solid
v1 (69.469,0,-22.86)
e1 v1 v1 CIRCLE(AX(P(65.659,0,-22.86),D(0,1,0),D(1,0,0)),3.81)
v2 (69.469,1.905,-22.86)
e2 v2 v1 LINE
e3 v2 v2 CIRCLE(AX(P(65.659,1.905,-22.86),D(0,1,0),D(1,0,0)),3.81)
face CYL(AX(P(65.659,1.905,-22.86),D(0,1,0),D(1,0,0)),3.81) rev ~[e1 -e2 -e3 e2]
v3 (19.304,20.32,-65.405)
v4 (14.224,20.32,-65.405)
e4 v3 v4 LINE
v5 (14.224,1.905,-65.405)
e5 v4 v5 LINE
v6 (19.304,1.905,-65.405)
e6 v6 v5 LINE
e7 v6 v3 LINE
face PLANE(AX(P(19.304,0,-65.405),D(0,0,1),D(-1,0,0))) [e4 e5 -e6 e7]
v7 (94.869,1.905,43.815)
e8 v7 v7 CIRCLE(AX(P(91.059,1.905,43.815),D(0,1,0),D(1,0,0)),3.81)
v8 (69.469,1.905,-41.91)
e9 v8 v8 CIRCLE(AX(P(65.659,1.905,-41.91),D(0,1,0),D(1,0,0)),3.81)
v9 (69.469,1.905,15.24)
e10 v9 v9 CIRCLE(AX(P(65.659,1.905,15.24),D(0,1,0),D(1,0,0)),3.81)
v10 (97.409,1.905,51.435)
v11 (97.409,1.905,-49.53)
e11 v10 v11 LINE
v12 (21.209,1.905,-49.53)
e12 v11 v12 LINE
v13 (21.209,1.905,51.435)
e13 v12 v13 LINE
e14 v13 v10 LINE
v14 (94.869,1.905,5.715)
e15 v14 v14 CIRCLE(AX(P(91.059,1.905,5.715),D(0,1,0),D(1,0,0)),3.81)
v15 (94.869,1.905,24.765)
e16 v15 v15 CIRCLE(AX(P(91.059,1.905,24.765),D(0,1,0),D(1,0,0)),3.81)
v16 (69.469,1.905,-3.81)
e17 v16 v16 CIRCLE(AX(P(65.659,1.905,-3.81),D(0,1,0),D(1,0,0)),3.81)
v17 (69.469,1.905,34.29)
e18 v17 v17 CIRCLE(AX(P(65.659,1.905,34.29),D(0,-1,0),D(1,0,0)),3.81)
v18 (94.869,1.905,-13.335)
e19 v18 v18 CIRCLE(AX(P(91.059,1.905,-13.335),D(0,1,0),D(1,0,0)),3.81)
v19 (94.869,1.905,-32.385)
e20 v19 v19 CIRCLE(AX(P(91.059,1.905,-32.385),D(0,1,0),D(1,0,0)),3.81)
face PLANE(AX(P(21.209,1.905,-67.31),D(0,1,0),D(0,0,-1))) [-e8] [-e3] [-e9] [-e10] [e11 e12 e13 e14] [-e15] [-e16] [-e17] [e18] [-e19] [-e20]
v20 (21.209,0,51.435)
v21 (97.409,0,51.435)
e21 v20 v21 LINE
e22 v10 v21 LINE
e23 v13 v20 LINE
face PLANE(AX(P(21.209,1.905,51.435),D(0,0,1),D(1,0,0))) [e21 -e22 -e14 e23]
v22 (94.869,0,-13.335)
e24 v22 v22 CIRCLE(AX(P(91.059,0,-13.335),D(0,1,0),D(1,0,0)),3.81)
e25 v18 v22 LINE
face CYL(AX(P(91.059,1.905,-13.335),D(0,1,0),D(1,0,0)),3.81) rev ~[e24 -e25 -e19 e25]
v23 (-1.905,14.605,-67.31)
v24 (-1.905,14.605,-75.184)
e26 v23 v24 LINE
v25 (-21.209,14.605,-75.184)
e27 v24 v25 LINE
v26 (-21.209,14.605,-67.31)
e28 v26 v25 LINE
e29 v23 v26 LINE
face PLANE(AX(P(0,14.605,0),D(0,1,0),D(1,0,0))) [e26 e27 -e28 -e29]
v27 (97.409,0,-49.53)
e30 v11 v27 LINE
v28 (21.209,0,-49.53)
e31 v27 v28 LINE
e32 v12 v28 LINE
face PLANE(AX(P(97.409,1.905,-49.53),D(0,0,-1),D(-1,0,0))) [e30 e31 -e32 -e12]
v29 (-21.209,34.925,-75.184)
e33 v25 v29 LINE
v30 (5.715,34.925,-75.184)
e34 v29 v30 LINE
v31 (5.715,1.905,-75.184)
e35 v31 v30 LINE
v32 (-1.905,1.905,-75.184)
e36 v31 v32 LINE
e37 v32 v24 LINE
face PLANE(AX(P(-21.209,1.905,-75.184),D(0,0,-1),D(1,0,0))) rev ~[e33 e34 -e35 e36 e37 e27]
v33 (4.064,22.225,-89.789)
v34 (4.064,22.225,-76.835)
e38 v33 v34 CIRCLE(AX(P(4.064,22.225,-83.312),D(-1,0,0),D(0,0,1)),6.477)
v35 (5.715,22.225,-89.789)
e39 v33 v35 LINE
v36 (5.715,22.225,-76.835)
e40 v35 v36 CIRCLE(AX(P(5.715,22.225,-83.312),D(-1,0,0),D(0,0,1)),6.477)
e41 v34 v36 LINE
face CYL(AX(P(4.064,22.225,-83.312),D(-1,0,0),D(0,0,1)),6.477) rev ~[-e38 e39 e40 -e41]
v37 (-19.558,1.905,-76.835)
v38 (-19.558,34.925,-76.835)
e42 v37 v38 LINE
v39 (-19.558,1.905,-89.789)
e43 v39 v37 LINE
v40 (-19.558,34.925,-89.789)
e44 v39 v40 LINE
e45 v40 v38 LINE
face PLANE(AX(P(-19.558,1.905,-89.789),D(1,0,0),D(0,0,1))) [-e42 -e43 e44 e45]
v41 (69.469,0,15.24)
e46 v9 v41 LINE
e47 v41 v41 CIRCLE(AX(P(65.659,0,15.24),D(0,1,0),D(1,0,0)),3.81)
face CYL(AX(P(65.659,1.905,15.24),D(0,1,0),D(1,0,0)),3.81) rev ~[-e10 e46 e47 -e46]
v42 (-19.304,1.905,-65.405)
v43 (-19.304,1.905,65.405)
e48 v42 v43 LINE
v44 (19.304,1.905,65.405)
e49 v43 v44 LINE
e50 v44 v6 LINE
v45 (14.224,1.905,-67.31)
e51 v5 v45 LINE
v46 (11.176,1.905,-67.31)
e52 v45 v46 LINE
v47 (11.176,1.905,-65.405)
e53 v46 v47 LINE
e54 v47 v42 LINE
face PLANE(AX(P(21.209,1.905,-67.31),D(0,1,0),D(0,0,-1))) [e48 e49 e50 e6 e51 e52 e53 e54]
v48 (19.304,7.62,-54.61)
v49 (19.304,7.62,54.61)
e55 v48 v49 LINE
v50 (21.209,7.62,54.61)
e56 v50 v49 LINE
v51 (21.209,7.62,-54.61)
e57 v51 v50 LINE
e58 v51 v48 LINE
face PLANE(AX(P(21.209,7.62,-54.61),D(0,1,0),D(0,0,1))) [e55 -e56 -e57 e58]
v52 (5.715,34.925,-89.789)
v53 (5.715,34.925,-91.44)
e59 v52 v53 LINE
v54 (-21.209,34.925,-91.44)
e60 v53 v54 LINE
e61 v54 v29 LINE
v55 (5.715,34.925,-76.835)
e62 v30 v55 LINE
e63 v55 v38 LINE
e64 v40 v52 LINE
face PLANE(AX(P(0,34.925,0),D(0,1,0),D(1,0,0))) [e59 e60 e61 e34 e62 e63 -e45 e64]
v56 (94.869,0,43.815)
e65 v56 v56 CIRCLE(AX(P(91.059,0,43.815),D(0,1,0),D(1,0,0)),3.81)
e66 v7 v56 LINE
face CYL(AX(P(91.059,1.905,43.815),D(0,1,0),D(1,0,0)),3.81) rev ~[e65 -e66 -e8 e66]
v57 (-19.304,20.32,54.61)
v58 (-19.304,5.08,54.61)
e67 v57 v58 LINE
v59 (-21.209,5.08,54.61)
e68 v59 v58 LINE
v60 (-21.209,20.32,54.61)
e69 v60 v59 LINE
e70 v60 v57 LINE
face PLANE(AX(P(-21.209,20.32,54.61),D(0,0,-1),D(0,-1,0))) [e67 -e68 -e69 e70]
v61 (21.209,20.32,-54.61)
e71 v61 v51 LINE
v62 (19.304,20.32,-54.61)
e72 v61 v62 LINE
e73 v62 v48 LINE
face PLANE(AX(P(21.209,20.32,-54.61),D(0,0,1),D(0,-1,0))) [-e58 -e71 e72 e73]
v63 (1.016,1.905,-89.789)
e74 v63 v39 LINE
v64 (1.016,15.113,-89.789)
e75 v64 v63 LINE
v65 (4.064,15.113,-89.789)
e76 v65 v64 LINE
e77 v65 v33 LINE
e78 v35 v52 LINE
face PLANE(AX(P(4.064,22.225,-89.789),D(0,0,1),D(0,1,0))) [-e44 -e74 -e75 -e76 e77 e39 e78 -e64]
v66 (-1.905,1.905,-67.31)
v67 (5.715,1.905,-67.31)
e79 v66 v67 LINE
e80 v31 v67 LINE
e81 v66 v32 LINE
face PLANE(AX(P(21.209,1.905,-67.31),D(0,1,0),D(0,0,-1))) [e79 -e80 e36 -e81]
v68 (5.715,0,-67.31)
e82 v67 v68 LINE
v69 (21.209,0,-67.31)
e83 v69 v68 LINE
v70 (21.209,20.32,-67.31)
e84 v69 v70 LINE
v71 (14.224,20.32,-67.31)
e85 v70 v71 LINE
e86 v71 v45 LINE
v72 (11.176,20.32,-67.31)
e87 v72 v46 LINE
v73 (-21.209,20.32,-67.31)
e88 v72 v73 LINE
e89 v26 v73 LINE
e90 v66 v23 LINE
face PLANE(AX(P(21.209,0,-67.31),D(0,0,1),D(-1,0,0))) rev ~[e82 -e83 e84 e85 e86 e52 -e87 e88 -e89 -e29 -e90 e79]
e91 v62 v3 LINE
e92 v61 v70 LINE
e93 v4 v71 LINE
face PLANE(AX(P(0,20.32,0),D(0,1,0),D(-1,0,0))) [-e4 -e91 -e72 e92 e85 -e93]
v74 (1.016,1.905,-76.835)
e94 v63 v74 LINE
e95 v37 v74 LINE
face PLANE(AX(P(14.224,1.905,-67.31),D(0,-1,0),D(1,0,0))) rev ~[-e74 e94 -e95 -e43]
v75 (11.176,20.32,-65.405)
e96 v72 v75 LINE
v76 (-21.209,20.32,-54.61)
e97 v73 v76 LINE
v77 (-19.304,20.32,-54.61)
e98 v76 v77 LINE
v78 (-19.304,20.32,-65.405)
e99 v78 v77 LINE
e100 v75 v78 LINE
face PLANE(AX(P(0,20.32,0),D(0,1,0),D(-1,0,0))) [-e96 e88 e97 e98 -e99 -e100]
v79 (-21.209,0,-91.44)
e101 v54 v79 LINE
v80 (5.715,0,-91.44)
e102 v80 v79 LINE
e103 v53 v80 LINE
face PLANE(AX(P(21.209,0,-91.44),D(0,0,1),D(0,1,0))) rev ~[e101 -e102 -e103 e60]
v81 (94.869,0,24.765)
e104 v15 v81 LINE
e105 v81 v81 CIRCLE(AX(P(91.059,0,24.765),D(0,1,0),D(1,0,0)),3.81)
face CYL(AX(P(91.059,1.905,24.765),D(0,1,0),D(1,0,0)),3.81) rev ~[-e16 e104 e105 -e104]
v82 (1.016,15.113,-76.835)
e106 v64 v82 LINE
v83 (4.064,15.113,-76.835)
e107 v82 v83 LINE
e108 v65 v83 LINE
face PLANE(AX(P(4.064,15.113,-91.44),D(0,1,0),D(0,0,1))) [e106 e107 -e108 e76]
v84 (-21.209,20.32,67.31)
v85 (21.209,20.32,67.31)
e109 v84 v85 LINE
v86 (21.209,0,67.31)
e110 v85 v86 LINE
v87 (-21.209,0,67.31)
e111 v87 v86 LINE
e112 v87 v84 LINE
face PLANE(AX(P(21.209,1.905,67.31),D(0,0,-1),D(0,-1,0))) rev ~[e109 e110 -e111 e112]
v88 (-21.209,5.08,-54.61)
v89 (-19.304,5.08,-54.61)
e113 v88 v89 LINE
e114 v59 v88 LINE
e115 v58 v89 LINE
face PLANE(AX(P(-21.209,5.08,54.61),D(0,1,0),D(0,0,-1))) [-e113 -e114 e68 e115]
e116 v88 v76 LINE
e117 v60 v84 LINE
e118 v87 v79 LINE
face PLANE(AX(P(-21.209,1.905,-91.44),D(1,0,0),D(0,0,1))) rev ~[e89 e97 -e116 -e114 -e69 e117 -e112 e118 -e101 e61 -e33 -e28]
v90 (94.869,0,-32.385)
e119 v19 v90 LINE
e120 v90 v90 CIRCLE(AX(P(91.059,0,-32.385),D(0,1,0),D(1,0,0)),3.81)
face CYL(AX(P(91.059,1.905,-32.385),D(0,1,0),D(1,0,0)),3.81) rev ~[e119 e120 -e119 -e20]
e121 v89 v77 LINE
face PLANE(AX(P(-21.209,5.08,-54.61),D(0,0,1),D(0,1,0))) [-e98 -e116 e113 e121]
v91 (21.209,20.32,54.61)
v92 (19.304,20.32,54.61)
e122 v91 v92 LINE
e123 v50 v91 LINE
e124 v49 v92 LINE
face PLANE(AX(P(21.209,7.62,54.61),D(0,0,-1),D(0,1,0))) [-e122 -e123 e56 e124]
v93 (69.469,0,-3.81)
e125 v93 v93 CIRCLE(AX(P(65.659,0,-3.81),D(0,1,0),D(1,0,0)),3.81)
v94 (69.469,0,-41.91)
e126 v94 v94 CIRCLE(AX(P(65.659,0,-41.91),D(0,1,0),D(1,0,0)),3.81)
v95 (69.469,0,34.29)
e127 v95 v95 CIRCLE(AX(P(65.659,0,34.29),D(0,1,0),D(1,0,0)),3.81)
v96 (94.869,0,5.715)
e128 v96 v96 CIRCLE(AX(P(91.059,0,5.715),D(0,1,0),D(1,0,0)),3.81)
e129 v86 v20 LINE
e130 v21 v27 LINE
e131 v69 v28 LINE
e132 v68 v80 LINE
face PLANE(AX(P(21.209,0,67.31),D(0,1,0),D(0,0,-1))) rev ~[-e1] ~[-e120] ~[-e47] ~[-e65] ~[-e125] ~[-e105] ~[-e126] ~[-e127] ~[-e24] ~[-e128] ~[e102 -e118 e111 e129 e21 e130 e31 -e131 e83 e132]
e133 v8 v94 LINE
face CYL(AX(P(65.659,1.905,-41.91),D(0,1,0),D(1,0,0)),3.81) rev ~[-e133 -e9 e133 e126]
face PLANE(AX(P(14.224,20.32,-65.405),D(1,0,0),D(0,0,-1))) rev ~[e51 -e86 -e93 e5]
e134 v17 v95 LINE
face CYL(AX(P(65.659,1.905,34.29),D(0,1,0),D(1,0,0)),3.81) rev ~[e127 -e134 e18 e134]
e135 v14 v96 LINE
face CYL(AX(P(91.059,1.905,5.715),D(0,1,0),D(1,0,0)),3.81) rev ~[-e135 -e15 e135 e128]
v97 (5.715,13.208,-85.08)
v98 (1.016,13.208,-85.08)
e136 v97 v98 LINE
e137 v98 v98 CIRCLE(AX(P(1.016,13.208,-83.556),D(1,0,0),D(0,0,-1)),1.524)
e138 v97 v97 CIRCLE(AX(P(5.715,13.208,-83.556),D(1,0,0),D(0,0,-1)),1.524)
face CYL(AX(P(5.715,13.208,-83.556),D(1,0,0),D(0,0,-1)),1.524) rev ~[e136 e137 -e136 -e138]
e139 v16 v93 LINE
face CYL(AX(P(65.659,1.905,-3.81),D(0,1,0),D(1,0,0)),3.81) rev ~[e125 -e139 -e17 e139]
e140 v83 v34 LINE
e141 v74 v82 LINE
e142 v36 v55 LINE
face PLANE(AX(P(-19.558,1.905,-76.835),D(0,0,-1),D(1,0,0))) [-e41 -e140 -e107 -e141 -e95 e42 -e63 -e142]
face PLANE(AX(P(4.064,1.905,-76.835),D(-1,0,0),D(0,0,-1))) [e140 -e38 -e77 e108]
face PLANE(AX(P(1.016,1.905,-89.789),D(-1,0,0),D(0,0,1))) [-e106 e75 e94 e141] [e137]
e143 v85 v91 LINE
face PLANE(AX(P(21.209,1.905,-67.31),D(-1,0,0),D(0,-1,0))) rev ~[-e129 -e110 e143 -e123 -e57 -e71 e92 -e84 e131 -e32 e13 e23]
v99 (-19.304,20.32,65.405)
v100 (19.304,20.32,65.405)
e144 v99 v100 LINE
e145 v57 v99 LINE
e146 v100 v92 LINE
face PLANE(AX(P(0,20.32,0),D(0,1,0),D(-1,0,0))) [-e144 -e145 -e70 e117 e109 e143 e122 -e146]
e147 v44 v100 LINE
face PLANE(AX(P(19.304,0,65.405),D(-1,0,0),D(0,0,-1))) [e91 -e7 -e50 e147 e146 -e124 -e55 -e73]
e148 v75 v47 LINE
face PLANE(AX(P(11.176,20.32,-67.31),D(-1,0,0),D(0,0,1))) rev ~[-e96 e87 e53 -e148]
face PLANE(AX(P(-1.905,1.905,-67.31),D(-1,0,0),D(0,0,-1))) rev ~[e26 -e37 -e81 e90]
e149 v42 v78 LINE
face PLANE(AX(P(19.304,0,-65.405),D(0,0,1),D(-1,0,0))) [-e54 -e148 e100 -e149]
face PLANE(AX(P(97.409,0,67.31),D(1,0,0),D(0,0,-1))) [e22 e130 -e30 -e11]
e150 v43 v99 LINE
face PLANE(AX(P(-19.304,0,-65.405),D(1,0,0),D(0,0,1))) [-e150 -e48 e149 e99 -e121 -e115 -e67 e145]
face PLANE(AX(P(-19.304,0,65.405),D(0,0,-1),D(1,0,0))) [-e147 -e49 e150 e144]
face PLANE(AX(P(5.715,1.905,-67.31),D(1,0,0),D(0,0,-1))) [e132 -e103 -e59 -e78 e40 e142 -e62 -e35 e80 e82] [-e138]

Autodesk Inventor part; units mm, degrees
ref_plane "YZ Plane" through (0, 0, 0) normal (1, 0, 0) x (0, 1, 0)
ref_plane "XZ Plane" through (0, 0, 0) normal (0, 1, 0) x (-1, 0, 0)
ref_plane "XY Plane" through (0, 0, 0) normal (0, 0, 1) x (1, 0, 0)
sketch "Sketch1" plane through (0, 0, 0) normal (0, 1, 0) x (-1, 0, 0)
  line L0 (19.304, 65.405) -> (-19.304, 65.405)
  line L1 (-19.304, 65.405) -> (-19.304, -65.405)
  line L2 (-19.304, -65.405) -> (19.304, -65.405)
  line L3 (19.304, -65.405) -> (19.304, 65.405)
  line L4 (19.304, 65.405) -> (-19.304, -65.405) construction
  line L5 (-19.304, 65.405) -> (19.304, -65.405) construction
  line L6 (21.209, 67.31) -> (-21.209, 67.31)
  line L7 (-21.209, 67.31) -> (-21.209, -67.31)
  line L8 (-21.209, -67.31) -> (21.209, -67.31)
  line L9 (21.209, -67.31) -> (21.209, 67.31)
  point P0 (0, 0)
  dimension "d0" = 38.608
  dimension "d1" = 130.81
  dimension "d2" = 1.905
extrude "Extrusion1" add sketch "Sketch1" along normal blind 20.32
extrude "Extrusion2" add sketch "Sketch1" along normal blind 1.905 contours L3 L2 L1 L0
sketch "Sketch2" plane through (21.209, 0, 67.31) normal (1, 0, 0) x (0, 0, -1)
  line L0 (12.7, 20.32) -> (121.92, 20.32)
  line L1 (121.92, 20.32) -> (121.92, 7.62)
  line L2 (121.92, 7.62) -> (12.7, 7.62)
  line L3 (12.7, 7.62) -> (12.7, 20.32)
  line L4 (0, 0) -> (0, 20.32) projected
  line L5 (134.62, 0) -> (134.62, 20.32) projected
  line L6 (0, 20.32) -> (134.62, 20.32) projected
  line L7 (0, 0) -> (134.62, 0) projected
  point P0 (67.31, 0)
  dimension "d7" = 12.7
  dimension "d8" = 12.7
  dimension "d9" = 7.62
extrude "Extrusion3" cut sketch "Sketch2" against normal blind 1.905 contours L0 L1 L2 L3
sketch "Sketch3" plane through (-21.209, 0, -67.31) normal (-1, 0, 0) x (0, 0, 1)
  line L0 (12.7, 20.32) -> (121.92, 20.32)
  line L1 (121.92, 20.32) -> (121.92, 5.08)
  line L2 (121.92, 5.08) -> (12.7, 5.08)
  line L3 (12.7, 5.08) -> (12.7, 20.32)
  line L4 (0, 20.32) -> (134.62, 20.32) projected
  line L5 (0, 0) -> (0, 20.32) projected
  line L6 (134.62, 0) -> (134.62, 20.32) projected
  line L7 (0, 0) -> (134.62, 0) projected
  point P0 (67.31, 0)
  dimension "d12" = 12.7
  dimension "d13" = 12.7
  dimension "d14" = 5.08
extrude "Extrusion4" cut sketch "Sketch3" against normal blind 1.905 contours L0 L1 L2 L3
sketch "Sketch4" plane through (0, 20.32, 0) normal (0, 1, 0) x (1, 0, 0)
  line L0 (21.209, 67.31) -> (-21.209, 67.31) projected
  line L1 (-19.304, 65.405) -> (19.304, 65.405) projected
  line L2 (14.224, 67.31) -> (11.176, 67.31)
  line L3 (11.176, 67.31) -> (11.176, 65.405)
  line L4 (11.176, 65.405) -> (14.224, 65.405)
  line L5 (14.224, 65.405) -> (14.224, 67.31)
  line L6 (19.304, 65.405) -> (19.304, 54.61) projected
  line L7 (-19.304, 54.61) -> (-19.304, 65.405) projected
  point P0 (0, 0)
  dimension "d17" = 5.08
  dimension "d18" = 30.48
extrude "Extrusion5" cut sketch "Sketch4" against normal up to surface (18.415 mm away)
sketch "Sketch5" plane through (21.209, 0, -67.31) normal (0, 0, -1) x (-1, 0, 0)
  line L0 (0, 0) -> (42.418, 0) projected
  line L1 (0, 0) -> (42.418, 0)
  line L2 (42.418, 0) -> (42.418, 1.905)
  line L3 (42.418, 1.905) -> (0, 1.905)
  line L4 (0, 1.905) -> (0, 0)
  line L5 (10.033, 1.905) -> (6.985, 1.905) projected
  line L6 (42.418, 0) -> (42.418, 20.32) projected
  point P0 (21.209, 0)
extrude "Extrusion6" add sketch "Sketch5" along normal blind 24.13
sketch "Sketch6" plane through (0, 1.905, 0) normal (0, 1, 0) x (1, 0, 0)
  line L0 (-19.558, 76.835) -> (4.064, 76.835)
  line L1 (4.064, 76.835) -> (4.064, 89.789)
  line L2 (4.064, 89.789) -> (-19.558, 89.789)
  line L3 (-19.558, 89.789) -> (-19.558, 76.835)
  line L4 (19.304, 65.405) -> (19.304, 54.61) projected
  line L5 (11.176, 67.31) -> (-21.209, 67.31) projected
  line L6 (-21.209, 75.184) -> (5.715, 75.184)
  line L7 (5.715, 75.184) -> (5.715, 91.44)
  line L8 (5.715, 91.44) -> (-21.209, 91.44)
  line L9 (-21.209, 91.44) -> (-21.209, 75.184)
  line L10 (-21.209, 91.44) -> (21.209, 91.44) projected
  line L11 (-21.209, 67.31) -> (-21.209, 91.44) projected
  line L12 (-19.304, 65.405) -> (11.176, 65.405) projected
  point P0 (0, 0)
  dimension "d24" = 12.954
  dimension "d26" = 23.622
  dimension "d32" = 11.43
extrude "Extrusion7" add sketch "Sketch6" along normal blind 33.02
sketch "Sketch8" plane through (4.064, 1.905, -89.789) normal (-1, 0, 0) x (0, 0, 1)
  circle A0 centre (6.477, 20.32) radius 6.477
  line L0 (0, 0) -> (0, 33.02) projected
  line L1 (12.954, 0) -> (12.954, 33.02) projected
  line L2 (0, 0) -> (12.954, 0) projected
  line L3 (12.954, 20.32) -> (12.954, 33.02)
  line L4 (0, 33.02) -> (0, 20.32)
  line L5 (12.954, 33.02) -> (0, 33.02)
  line L6 (12.954, 20.32) -> (12.954, 33.02)
  line L7 (0, 33.02) -> (0, 20.32)
  point P0 (89.789, -1.905)
  dimension "d29" = 20.32
extrude "Extrusion8" cut sketch "Sketch8" against normal blind 33.02 contours A0 | A0 L0 L5 L1
sketch "Sketch10" plane through (4.064, 1.905, -89.789) normal (-1, 0, 0) x (0, 0, 1)
  line L0 (-1.651, 0) -> (14.605, 0) projected
  line L1 (-1.651, 0) -> (-1.651, 33.02) projected
  line L2 (14.605, 0) -> (-1.651, 0)
  line L3 (-1.651, 0) -> (-1.651, 13.208)
  line L4 (-1.651, 13.208) -> (14.605, 13.208)
  line L5 (14.605, 13.208) -> (14.605, 0)
  arc A0 (0, 20.32) -> (12.954, 20.32) centre (6.477, 20.32) ccw projected
  point P0 (89.789, -1.905)
  point P1 (6.477, 13.843)
  point P2 (6.477, 13.208)
  dimension "d37" = 0.635
extrude "Extrusion10" add sketch "Sketch10" along normal blind 3.048
sketch "Sketch9" plane through (5.715, 1.905, -75.184) normal (1, 0, 0) x (0, 0, -1)
  arc A0 (1.651, 20.32) -> (14.605, 20.32) centre (8.128, 20.32) ccw projected
  circle A1 centre (8.372, 11.303) radius 1.524
  point P0 (-75.184, -1.905)
  point P1 (8.128, 13.843)
  dimension "d33" = 2.54
  dimension "d34" = 3.048
extrude "Extrusion9" cut sketch "Sketch9" against normal up to surface (25.273 mm away)
sketch "Sketch11" plane through (21.209, 0, 67.31) normal (1, 0, 0) x (0, 0, -1)
  line L0 (134.62, 1.905) -> (158.75, 1.905) projected
  line L1 (0, 0) -> (158.75, 0)
  line L2 (158.75, 0) -> (158.75, 1.905)
  line L3 (158.75, 1.905) -> (0, 1.905)
  line L4 (0, 1.905) -> (0, 0)
  point P0 (67.31, 0)
extrude "Extrusion11" add sketch "Sketch11" along normal blind 76.2
sketch "Sketch12" plane through (0, 1.905, 0) normal (0, 1, 0) x (1, 0, 0)
  circle A0 centre (91.059, -43.815) radius 3.81
  line L0 (21.209, 54.61) -> (21.209, -54.61) projected
  line L1 (19.304, -65.405) -> (-19.304, -65.405) projected
  line L2 (21.209, -51.435) -> (97.409, -51.435)
  line L3 (97.409, 91.44) -> (97.409, -67.31) projected
  line L4 (97.409, -67.31) -> (21.209, -67.31)
  line L5 (21.209, -67.31) -> (21.209, -51.435)
  line L6 (97.409, -36.195) -> (21.209, -36.195)
  line L7 (-21.209, 91.44) -> (97.409, 91.44) projected
  line L8 (21.209, 91.44) -> (97.409, 91.44)
  line L9 (97.409, 91.44) -> (97.409, -36.195)
  line L10 (21.209, -36.195) -> (97.409, -36.195)
  line L11 (97.409, -36.195) -> (97.409, 91.44)
  line L12 (97.409, 91.44) -> (21.209, 91.44)
  line L13 (21.209, 91.44) -> (21.209, -36.195)
  line L14 (5.715, 91.44) -> (97.409, 91.44)
  line L15 (97.409, 91.44) -> (97.409, 67.31)
  line L16 (5.715, 67.31) -> (5.715, 91.44)
  line L17 (5.715, 89.789) -> (5.715, 91.44) projected
  line L18 (21.209, 67.31) -> (14.224, 67.31) projected
  circle A1 centre (65.659, -34.29) radius 3.81
  circle A2 centre (91.059, -24.765) radius 3.81
  circle A3 centre (91.059, -5.715) radius 3.81
  circle A4 centre (91.059, 13.335) radius 3.81
  circle A5 centre (91.059, 32.385) radius 3.81
  circle A6 centre (65.659, -15.24) radius 3.81
  circle A7 centre (65.659, 3.81) radius 3.81
  circle A8 centre (65.659, 22.86) radius 3.81
  circle A9 centre (65.659, 41.91) radius 3.81
  line L19 (21.209, 91.44) -> (97.409, 91.44)
  line L20 (97.409, 91.44) -> (97.409, 49.53)
  line L21 (97.409, 49.53) -> (21.209, 49.53)
  line L22 (21.209, 49.53) -> (21.209, 91.44)
  line L23 (5.715, 67.31) -> (21.209, 67.31)
  line L24 (21.209, 67.31) -> (21.209, 91.44)
  line L25 (21.209, 91.44) -> (5.715, 91.44)
  line L26 (5.715, 91.44) -> (5.715, 67.31)
  point P0 (0, 0)
  point P1 (97.409, -36.195)
  point P2 (21.209, -54.61)
  point P3 (5.715, 90.6145)
  point P4 (21.209, 49.53)
  dimension "d42" = 7.62
  dimension "d44" = 21.59
  dimension "d45" = 7.62
  dimension "d46" = 7.62
  dimension "d59" = 7.62
  dimension "d76" = 69.85
  dimension "d79" = 19.05
  dimension "d84" = 9.525
  dimension "d87" = 19.05
  dimension "d92" = 25.4
  dimension "d93" = 7.62
extrude "Extrusion12" cut sketch "Sketch12" against normal blind 57.15 contours A0 | L13 L7 L3 L21 L0 | L18 L23 L16 L7 L13 | L2 L3 L4 L5 L0 | A1 L6 | L6 A1 | A2 | A3 | A4 | A5 | A6 | A7 | A8 | A9
sketch "Sketch13" plane through (0, 1.905, 0) normal (0, 1, 0) x (1, 0, 0)
  line L0 (11.176, 67.31) -> (-21.209, 67.31) projected
  line L1 (-21.209, 75.184) -> (5.715, 75.184) projected
  line L2 (-13.589, 67.31) -> (-1.905, 67.31)
  line L3 (-1.905, 67.31) -> (-1.905, 75.184)
  line L4 (-1.905, 75.184) -> (-13.589, 75.184)
  line L5 (-13.589, 75.184) -> (-13.589, 67.31)
  line L6 (-21.209, 67.31) -> (-21.209, 75.184) projected
  line L7 (5.715, 91.44) -> (5.715, 75.184) projected
  point P0 (0, 0)
  point P1 (-21.209, 71.247)
  point P2 (-13.589, 71.247)
  point P3 (5.715, 67.31)
  point P4 (-1.905, 67.31)
  dimension "d49" = 7.62
  dimension "d50" = 7.62
extrude "Extrusion13" add sketch "Sketch13" along normal blind 12.7
properties part number "HarmonicaFrame"
